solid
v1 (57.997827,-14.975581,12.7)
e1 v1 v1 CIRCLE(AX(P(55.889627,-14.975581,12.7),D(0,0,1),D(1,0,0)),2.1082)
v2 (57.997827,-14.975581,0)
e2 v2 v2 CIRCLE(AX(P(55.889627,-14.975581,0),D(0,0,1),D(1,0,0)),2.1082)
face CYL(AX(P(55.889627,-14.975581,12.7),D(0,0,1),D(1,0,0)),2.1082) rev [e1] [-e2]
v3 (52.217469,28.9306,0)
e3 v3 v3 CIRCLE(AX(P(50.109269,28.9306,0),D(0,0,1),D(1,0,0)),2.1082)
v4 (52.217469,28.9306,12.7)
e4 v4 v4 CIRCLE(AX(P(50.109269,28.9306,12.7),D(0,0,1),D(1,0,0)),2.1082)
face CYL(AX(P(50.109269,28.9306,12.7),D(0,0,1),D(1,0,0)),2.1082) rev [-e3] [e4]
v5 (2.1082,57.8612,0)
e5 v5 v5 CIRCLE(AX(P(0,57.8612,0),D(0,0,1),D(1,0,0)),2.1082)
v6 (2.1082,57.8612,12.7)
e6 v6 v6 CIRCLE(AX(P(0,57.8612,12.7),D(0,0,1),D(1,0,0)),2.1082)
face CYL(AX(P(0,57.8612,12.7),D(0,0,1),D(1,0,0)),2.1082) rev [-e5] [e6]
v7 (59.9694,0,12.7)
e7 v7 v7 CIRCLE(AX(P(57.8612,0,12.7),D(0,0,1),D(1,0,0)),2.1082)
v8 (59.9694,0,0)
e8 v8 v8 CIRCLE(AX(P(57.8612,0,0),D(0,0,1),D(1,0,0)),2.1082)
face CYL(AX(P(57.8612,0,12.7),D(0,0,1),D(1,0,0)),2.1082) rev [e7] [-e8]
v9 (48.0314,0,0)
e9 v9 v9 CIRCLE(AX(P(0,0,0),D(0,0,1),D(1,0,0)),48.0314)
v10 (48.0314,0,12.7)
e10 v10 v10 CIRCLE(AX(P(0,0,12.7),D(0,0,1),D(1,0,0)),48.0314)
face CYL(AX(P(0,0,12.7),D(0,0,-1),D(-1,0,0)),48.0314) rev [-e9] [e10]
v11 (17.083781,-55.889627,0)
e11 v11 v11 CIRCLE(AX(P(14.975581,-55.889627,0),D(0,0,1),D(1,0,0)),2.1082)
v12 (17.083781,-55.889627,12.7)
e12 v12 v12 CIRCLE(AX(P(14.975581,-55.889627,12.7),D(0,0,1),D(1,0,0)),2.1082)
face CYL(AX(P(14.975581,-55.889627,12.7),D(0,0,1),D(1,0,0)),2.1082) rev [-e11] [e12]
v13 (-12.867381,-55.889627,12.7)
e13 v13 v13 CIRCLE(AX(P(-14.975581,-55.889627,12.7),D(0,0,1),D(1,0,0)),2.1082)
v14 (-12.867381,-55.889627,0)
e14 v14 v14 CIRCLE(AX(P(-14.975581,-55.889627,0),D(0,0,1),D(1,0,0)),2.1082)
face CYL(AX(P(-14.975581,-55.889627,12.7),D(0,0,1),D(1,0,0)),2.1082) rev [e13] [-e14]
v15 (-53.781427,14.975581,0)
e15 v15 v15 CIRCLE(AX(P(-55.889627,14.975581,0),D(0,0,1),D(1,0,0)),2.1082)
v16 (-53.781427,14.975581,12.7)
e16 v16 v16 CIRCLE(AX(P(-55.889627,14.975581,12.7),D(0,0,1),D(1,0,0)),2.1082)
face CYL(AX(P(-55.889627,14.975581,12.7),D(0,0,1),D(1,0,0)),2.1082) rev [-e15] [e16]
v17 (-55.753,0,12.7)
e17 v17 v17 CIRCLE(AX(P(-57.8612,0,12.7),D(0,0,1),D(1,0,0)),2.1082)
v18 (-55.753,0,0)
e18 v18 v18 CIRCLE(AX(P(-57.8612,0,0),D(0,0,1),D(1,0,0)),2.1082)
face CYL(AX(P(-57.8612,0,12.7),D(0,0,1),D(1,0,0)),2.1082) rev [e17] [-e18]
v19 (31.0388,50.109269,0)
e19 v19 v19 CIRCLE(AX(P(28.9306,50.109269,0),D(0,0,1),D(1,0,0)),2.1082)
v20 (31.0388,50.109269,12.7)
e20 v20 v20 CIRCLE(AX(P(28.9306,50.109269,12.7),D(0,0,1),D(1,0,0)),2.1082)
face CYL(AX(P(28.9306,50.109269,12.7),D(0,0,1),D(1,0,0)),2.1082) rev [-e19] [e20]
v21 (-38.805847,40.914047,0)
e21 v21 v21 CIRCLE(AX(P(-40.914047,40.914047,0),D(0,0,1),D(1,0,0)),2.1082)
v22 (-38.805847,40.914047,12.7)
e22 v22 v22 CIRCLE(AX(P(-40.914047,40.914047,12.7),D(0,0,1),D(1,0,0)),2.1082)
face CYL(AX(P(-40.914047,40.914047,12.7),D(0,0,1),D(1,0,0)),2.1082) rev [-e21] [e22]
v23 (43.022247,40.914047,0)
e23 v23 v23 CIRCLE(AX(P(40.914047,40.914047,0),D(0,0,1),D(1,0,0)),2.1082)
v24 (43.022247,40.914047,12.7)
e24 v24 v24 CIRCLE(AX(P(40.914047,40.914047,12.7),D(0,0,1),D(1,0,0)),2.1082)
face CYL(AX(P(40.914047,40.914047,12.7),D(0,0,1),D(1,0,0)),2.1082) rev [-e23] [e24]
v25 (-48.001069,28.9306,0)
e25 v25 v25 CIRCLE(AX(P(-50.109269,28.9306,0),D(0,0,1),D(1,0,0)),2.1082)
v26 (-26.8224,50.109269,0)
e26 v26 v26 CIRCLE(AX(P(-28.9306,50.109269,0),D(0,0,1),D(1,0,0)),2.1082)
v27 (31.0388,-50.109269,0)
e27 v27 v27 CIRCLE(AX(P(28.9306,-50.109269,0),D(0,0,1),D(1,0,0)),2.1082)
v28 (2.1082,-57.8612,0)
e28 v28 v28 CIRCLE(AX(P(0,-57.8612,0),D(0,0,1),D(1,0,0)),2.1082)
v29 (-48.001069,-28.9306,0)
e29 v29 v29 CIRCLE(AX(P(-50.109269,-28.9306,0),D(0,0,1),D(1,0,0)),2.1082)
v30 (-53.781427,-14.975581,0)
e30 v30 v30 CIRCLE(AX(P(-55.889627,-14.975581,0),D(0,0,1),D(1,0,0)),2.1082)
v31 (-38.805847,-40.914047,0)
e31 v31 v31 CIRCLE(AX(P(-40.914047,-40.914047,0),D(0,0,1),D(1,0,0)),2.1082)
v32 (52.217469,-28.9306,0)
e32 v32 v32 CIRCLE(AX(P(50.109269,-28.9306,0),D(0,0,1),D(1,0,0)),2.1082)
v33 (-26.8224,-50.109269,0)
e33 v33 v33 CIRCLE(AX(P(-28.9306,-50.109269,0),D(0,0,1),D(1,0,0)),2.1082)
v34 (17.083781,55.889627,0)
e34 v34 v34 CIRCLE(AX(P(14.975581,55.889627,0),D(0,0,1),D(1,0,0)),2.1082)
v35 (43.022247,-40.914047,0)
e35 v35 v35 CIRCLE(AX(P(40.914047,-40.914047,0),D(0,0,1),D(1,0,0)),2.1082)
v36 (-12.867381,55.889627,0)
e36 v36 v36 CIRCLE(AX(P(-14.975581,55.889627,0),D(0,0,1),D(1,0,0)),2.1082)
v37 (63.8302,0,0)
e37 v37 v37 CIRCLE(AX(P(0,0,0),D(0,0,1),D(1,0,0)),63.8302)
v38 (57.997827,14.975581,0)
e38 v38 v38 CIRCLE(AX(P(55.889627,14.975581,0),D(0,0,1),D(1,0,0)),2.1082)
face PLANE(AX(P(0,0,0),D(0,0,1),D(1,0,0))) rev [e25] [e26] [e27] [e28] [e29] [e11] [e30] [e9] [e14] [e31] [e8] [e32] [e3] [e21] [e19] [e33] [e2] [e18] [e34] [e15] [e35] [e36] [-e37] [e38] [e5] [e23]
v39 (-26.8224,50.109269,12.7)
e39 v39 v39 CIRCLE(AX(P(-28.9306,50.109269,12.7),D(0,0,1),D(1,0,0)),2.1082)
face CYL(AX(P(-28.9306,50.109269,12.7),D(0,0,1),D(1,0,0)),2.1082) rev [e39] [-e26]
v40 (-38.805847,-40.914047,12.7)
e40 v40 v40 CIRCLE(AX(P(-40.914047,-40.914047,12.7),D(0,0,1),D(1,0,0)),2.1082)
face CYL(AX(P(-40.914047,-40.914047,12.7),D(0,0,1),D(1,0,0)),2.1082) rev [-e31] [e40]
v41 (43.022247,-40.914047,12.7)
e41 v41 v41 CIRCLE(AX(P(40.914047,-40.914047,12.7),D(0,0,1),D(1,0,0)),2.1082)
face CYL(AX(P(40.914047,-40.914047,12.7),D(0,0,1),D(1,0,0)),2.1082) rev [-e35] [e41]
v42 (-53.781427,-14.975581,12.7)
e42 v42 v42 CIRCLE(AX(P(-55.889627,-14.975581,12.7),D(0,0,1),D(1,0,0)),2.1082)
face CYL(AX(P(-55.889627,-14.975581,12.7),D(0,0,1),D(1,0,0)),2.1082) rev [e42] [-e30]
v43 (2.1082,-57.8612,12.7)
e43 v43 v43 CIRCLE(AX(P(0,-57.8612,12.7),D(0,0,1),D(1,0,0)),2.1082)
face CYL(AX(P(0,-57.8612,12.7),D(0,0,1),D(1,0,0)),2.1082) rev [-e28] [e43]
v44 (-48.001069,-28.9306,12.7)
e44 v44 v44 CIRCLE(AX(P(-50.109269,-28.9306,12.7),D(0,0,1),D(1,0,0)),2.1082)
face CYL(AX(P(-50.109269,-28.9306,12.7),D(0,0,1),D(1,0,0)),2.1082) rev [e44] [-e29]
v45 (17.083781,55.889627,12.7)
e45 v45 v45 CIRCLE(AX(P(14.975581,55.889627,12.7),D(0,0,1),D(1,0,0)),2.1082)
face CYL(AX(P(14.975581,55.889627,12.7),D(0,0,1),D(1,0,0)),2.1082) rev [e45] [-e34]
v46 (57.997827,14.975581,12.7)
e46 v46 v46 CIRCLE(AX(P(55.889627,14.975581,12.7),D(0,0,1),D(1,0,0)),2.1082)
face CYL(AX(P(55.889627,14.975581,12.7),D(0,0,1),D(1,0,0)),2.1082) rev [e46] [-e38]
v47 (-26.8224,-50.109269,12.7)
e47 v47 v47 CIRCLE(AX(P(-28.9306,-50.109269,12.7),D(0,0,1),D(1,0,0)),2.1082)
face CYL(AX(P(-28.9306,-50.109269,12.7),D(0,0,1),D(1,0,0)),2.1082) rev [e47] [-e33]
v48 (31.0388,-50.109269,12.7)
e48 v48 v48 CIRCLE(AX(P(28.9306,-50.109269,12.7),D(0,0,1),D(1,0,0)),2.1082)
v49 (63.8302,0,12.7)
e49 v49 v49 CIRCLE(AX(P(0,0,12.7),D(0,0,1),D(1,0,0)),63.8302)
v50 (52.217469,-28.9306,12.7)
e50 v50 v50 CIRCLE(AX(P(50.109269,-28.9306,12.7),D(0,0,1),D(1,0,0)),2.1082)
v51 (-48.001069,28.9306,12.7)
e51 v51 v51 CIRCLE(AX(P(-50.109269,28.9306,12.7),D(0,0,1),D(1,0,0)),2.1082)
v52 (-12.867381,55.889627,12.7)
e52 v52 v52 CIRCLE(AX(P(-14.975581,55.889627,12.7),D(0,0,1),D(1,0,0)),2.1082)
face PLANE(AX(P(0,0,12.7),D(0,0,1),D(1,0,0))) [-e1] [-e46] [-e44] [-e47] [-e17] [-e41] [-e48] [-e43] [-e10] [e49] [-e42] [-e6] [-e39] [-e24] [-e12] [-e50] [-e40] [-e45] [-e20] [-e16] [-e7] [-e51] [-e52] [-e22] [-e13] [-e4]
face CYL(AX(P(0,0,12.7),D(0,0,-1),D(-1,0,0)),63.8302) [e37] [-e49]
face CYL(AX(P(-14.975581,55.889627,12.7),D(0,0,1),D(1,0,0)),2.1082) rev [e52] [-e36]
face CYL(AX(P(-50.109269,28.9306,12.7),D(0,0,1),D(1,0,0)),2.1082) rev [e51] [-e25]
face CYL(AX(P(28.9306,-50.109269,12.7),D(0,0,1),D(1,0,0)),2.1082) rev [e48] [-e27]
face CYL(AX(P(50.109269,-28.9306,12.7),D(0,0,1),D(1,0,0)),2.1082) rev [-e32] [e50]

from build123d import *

# Parameters (mm, degrees)
SKETCH1_R                   = 63.8302
SKETCH1_R_2                 = 48.0314
EXTRUDE1_DEPTH              = 12.7
F_19_0_166_DIAMETER_HOLE1_D = 4.2164
CIRPATTERN1_COUNT           = 24


with BuildPart() as part:
    # Sketch1 → Extrude1 (new body)
    with BuildSketch(Plane.XY):
        Circle(SKETCH1_R)
        Circle(SKETCH1_R_2, mode=Mode.SUBTRACT)
    extrude(amount=EXTRUDE1_DEPTH)

    # #19 (0.166) Diameter Hole1 (through all)
    with Locations(Plane(origin=(0, 57.8612, 12.7), x_dir=(1, 0, 0), z_dir=(0, 0, 1))):
        with Locations((0, 0)):
            f_19_0_166_diameter_hole1 = Hole(F_19_0_166_DIAMETER_HOLE1_D / 2)

    # CirPattern1: #19 (0.166) Diameter Hole1 ×24 about axis
    cirpattern1_axis = Axis((0, 0, 0), (0, 0, 1))
    for i in range(1, CIRPATTERN1_COUNT):
        add(f_19_0_166_diameter_hole1.rotate(cirpattern1_axis, i * 360 / CIRPATTERN1_COUNT), mode=Mode.SUBTRACT)


solid = part.part
